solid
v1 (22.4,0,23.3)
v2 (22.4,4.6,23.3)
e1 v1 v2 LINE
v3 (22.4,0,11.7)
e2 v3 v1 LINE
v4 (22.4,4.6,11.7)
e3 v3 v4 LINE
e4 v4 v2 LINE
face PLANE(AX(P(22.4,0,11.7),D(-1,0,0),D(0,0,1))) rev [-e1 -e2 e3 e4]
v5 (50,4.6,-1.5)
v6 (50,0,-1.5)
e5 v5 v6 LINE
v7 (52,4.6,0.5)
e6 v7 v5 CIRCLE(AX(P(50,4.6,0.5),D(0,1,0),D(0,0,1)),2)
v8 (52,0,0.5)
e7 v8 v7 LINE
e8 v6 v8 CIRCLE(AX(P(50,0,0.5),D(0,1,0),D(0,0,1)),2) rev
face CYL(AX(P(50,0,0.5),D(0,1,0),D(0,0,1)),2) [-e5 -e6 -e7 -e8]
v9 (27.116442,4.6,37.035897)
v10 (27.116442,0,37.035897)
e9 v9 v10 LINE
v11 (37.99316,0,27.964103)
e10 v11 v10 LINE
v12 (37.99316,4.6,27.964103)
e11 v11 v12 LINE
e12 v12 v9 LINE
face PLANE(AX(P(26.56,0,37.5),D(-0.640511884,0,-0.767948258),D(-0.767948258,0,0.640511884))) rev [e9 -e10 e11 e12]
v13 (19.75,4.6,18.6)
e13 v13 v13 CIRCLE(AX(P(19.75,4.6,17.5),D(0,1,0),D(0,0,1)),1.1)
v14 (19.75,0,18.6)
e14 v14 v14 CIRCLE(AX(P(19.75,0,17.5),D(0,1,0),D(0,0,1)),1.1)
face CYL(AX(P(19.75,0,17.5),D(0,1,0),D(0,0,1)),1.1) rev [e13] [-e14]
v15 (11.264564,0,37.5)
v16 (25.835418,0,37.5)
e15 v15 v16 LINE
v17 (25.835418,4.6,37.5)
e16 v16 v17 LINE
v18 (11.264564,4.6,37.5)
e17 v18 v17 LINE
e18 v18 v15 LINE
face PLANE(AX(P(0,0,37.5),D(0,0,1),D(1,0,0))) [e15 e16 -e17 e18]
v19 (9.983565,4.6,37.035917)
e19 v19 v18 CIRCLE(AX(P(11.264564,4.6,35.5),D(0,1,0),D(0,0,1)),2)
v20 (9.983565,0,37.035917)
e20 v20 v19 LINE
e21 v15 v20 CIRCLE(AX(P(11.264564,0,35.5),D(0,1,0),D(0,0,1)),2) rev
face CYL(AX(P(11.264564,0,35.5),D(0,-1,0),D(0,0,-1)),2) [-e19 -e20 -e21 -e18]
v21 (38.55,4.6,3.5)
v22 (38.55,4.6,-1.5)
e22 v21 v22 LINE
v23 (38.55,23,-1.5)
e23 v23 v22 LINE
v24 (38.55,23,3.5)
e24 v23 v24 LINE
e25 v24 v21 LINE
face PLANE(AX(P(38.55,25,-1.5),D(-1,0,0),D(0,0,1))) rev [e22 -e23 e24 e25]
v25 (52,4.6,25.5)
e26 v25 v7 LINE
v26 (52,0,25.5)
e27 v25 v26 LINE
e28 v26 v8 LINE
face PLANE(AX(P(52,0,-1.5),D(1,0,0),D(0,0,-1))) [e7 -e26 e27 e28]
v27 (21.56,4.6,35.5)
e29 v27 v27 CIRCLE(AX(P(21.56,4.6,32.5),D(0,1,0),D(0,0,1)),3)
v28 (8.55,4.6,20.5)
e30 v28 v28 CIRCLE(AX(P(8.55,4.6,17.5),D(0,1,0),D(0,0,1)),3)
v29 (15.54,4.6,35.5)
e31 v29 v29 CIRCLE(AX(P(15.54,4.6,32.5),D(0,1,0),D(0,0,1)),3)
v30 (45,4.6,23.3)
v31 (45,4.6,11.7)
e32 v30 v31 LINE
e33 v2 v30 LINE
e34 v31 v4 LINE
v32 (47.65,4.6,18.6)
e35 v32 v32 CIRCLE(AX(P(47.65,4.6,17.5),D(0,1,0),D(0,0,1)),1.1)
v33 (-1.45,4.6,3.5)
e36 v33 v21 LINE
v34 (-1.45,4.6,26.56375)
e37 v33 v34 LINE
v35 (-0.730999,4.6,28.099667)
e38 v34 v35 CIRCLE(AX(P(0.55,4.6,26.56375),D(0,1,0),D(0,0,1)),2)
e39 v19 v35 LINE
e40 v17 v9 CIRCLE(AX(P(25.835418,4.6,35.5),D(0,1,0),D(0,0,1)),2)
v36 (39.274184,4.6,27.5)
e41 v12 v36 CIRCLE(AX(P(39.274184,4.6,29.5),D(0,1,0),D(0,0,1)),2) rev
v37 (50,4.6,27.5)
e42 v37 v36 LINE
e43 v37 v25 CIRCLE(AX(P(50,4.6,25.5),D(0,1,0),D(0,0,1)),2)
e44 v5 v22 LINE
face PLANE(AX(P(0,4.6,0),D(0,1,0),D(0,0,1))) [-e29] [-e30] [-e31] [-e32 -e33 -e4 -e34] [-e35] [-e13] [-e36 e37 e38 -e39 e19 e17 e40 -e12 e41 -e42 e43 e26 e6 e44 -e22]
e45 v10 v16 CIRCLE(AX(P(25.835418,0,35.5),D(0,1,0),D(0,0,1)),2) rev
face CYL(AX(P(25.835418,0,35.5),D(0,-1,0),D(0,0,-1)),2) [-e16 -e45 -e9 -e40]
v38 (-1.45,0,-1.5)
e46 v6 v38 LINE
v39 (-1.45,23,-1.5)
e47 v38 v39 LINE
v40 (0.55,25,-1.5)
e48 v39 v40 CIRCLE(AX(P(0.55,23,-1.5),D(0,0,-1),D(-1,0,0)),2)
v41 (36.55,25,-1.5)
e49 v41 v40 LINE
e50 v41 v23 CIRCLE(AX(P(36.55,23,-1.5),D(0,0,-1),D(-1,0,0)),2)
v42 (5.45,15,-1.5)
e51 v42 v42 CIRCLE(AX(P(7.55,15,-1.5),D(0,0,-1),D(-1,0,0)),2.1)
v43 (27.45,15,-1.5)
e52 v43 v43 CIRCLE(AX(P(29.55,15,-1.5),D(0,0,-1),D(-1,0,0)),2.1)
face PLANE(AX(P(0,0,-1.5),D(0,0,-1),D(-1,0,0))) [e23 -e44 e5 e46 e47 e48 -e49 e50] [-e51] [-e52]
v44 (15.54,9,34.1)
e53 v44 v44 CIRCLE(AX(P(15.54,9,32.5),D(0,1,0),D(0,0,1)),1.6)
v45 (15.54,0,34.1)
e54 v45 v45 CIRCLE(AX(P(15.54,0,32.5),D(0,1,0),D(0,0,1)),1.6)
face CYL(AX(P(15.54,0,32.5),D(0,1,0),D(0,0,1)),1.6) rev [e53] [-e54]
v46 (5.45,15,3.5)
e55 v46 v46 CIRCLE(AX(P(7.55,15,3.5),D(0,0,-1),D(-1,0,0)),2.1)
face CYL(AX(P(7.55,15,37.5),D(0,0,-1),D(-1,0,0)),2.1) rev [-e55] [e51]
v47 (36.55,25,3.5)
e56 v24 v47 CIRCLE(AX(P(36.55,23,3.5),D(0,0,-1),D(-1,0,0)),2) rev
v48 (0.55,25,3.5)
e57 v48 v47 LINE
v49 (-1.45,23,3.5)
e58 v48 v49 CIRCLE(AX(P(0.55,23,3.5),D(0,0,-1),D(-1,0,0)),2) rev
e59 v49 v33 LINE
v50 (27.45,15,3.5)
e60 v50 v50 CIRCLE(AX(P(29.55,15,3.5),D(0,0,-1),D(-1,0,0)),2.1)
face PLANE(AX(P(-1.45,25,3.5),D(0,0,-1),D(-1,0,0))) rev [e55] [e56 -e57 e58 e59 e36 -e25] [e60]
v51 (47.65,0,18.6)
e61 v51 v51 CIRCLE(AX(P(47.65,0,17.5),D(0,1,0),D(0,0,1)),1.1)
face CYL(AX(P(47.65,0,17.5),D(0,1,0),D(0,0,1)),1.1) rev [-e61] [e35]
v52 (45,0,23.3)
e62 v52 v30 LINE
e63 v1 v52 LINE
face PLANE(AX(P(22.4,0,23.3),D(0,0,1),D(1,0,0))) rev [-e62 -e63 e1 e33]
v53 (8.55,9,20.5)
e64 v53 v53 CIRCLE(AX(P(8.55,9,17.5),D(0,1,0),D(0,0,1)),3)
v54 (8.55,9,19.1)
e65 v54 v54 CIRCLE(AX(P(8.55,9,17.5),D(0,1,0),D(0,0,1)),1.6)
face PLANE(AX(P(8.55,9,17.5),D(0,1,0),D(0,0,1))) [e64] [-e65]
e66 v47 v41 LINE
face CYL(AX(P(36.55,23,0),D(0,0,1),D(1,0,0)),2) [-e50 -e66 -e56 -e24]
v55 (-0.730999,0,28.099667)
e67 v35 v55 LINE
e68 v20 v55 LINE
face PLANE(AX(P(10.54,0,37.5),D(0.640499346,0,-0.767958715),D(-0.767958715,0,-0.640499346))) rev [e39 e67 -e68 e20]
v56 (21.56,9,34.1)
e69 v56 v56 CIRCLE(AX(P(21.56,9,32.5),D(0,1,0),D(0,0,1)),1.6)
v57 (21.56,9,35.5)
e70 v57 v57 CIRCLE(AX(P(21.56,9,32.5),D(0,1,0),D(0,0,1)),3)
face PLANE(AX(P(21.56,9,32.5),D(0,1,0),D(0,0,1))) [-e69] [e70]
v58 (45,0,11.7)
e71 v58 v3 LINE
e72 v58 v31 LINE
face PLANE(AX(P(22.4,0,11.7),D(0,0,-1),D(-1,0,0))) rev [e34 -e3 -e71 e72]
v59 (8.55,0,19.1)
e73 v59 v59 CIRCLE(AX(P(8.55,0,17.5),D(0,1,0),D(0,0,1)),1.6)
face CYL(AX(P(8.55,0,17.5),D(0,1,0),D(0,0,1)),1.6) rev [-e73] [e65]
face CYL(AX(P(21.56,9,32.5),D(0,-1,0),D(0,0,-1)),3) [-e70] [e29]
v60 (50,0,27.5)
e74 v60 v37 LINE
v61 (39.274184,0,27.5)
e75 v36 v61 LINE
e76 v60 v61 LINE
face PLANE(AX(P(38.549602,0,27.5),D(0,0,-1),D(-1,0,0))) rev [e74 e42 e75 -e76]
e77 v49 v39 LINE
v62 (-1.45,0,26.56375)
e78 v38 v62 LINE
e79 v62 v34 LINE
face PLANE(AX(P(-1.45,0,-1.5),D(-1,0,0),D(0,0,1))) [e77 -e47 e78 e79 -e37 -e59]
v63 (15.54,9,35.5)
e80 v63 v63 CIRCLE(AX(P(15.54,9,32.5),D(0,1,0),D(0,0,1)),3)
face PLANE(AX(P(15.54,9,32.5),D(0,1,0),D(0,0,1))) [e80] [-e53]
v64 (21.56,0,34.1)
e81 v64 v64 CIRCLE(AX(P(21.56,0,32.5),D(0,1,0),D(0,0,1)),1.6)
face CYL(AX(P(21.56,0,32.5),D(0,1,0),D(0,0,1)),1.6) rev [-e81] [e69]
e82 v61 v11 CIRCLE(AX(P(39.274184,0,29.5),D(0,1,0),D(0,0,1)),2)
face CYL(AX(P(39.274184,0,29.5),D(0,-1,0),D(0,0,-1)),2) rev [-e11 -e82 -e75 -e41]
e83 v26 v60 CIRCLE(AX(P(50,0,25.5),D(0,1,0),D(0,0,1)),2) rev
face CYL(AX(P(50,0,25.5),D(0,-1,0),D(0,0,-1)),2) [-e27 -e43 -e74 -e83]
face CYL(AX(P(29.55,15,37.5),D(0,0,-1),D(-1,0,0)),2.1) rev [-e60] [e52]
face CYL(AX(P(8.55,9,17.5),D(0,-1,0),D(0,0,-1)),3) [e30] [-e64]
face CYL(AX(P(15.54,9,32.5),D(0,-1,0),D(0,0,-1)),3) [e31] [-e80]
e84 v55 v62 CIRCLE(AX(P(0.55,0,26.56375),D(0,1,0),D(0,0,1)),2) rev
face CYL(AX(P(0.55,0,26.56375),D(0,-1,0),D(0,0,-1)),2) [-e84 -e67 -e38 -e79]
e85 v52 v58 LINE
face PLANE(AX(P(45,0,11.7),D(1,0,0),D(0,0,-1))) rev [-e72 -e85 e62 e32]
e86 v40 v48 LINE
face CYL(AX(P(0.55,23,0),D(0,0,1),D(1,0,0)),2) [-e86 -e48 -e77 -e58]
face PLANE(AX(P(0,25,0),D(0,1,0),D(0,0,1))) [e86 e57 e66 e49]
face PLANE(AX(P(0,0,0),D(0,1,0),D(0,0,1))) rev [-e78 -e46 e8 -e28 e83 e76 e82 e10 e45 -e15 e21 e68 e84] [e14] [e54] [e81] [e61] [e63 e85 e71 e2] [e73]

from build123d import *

# Parameters (mm, degrees)
SKETCH1_W           = 50
SKETCH1_H           = 35
BOSS_EXTRUDE1_DEPTH = 4.6
SKETCH2_W           = 22.6
SKETCH2_H           = 11.6
CUT_EXTRUDE1_DEPTH  = 62.20588207
SKETCH3_R           = 3
BOSS_EXTRUDE2_DEPTH = 4.4
SKETCH5_W           = 50
SKETCH5_H           = 2.5
BOSS_EXTRUDE3_DEPTH = 4.6
SKETCH6_R           = 1.6
CUT_EXTRUDE2_DEPTH  = 64.144675152
SKETCH7_W           = 50
SKETCH7_H           = 1.5
BOSS_EXTRUDE4_DEPTH = 4.6
SKETCH8_W           = 1.45
SKETCH8_H           = 39
BOSS_EXTRUDE5_DEPTH = 4.6
SKETCH9_W           = 40
SKETCH9_H           = 5
BOSS_EXTRUDE6_DEPTH = 20.4
SKETCH10_R          = 2.1
CUT_EXTRUDE3_DEPTH  = 69.161572752
SKETCH11_R          = 1.1
CUT_EXTRUDE4_DEPTH  = 66.745037836
SKETCH12_W          = 2
SKETCH12_H          = 39
BOSS_EXTRUDE7_DEPTH = 4.6
CUT_EXTRUDE5_DEPTH  = 68.278599867
FILLET1_R           = 2
FILLET2_R           = 2


with BuildPart() as part:
    # Sketch1 → Boss-Extrude1 (new body)
    with BuildSketch(Plane(origin=(0, 0, 0), x_dir=(1, 0, 0), z_dir=(0, 1, 0))):
        with Locations((25, -17.5)):
            Rectangle(SKETCH1_W, SKETCH1_H)
    extrude(amount=BOSS_EXTRUDE1_DEPTH)

    # Sketch2 → Cut-Extrude1 (cut, through all)
    with BuildSketch(Plane(origin=(0, 4.6, 0), x_dir=(1, 0, 0), z_dir=(0, 1, 0))):
        with Locations((33.7, -17.5)):
            Rectangle(SKETCH2_W, SKETCH2_H)
    extrude(amount=-CUT_EXTRUDE1_DEPTH, mode=Mode.SUBTRACT)

    # Sketch3 → Boss-Extrude2 (add)
    with BuildSketch(Plane(origin=(0, 4.6, 0), x_dir=(1, 0, 0), z_dir=(0, 1, 0))):
        with Locations(Location((8.55, -17.5, 0), (0, 0, 270))):
            Circle(SKETCH3_R)
        with Locations(Location((15.54, -32.5, 0), (0, 0, 303.557309762))):
            Circle(SKETCH3_R)
        with Locations(Location((21.56, -32.5, 0), (0, 0, 303.557309762))):
            Circle(SKETCH3_R)
    extrude(amount=BOSS_EXTRUDE2_DEPTH)

    # Sketch5 → Boss-Extrude3 (add)
    with BuildSketch(Plane(origin=(0, 4.6, 0), x_dir=(1, 0, 0), z_dir=(0, 1, 0))):
        with Locations((25, -36.25)):
            Rectangle(SKETCH5_W, SKETCH5_H)
    extrude(amount=-BOSS_EXTRUDE3_DEPTH)

    # Sketch6 → Cut-Extrude2 (cut, through all)
    with BuildSketch(Plane(origin=(0, 9, 0), x_dir=(1, 0, 0), z_dir=(0, 1, 0))):
        with Locations(Location((8.55, -17.5, 0), (0, 0, 270))):
            Circle(SKETCH6_R)
        with Locations(Location((15.54, -32.5, 0), (0, 0, 270))):
            Circle(SKETCH6_R)
        with Locations(Location((21.56, -32.5, 0), (0, 0, 270))):
            Circle(SKETCH6_R)
    extrude(amount=-CUT_EXTRUDE2_DEPTH, mode=Mode.SUBTRACT)

    # Sketch7 → Boss-Extrude4 (add)
    with BuildSketch(Plane(origin=(0, 4.6, 0), x_dir=(1, 0, 0), z_dir=(0, 1, 0))):
        with Locations((25, 0.75)):
            Rectangle(SKETCH7_W, SKETCH7_H)
    extrude(amount=-BOSS_EXTRUDE4_DEPTH)

    # Sketch8 → Boss-Extrude5 (add)
    with BuildSketch(Plane(origin=(0, 4.6, 0), x_dir=(1, 0, 0), z_dir=(0, 1, 0))):
        with Locations((-0.725, -18)):
            Rectangle(SKETCH8_W, SKETCH8_H)
    extrude(amount=-BOSS_EXTRUDE5_DEPTH)

    # Sketch9 → Boss-Extrude6 (add)
    with BuildSketch(Plane(origin=(0, 4.6, 0), x_dir=(1, 0, 0), z_dir=(0, 1, 0))):
        with Locations((18.55, -1)):
            Rectangle(SKETCH9_W, SKETCH9_H)
    extrude(amount=BOSS_EXTRUDE6_DEPTH)

    # Sketch10 → Cut-Extrude3 (cut, through all)
    with BuildSketch(Plane(origin=(0, 0, -1.5), x_dir=(-1, 0, 0), z_dir=(0, 0, -1))):
        with Locations((-29.55, 15)):
            Circle(SKETCH10_R)
        with Locations((-7.55, 15)):
            Circle(SKETCH10_R)
    extrude(amount=-CUT_EXTRUDE3_DEPTH, mode=Mode.SUBTRACT)

    # Sketch11 → Cut-Extrude4 (cut, through all)
    with BuildSketch(Plane(origin=(0, 4.6, 0), x_dir=(1, 0, 0), z_dir=(0, 1, 0))):
        with Locations(Location((47.65, -17.5, 0), (0, 0, 270))):
            Circle(SKETCH11_R)
        with Locations(Location((19.75, -17.5, 0), (0, 0, 270))):
            Circle(SKETCH11_R)
    extrude(amount=-CUT_EXTRUDE4_DEPTH, mode=Mode.SUBTRACT)

    # Sketch12 → Boss-Extrude7 (add)
    with BuildSketch(Plane(origin=(0, 4.6, 0), x_dir=(1, 0, 0), z_dir=(0, 1, 0))):
        with Locations((51, -18)):
            Rectangle(SKETCH12_W, SKETCH12_H)
    extrude(amount=-BOSS_EXTRUDE7_DEPTH)

    # Sketch13 → Cut-Extrude5 (cut, through all)
    with BuildSketch(Plane(origin=(0, 4.6, 0), x_dir=(1, 0, 0), z_dir=(0, 1, 0))):
        Polygon((10.54, -37.5), (-1.45, -27.5), (-1.45, -37.5), align=None)
        Polygon((26.56, -37.5), (38.549602016, -27.5), (52, -27.5), (52, -37.5), align=None)
    extrude(amount=-CUT_EXTRUDE5_DEPTH, mode=Mode.SUBTRACT)

    # Fillet1
    fillet1_edges = [part.edges().sort_by_distance(p)[0] for p in [
        (52, 2.3, -1.5),
        (10.54, 2.3, 37.5),
        (-1.45, 2.3, 27.5),
        (26.56, 2.3, 37.5),
        (38.549602016, 2.3, 27.5),
        (52, 2.3, 27.5),
    ]]
    fillet(fillet1_edges, radius=FILLET1_R)

    # Fillet2
    fillet2_edges = [part.edges().sort_by_distance(p)[0] for p in [
        (-1.45, 25, 1),
        (38.55, 25, 1),
    ]]
    fillet(fillet2_edges, radius=FILLET2_R)


solid = part.part
